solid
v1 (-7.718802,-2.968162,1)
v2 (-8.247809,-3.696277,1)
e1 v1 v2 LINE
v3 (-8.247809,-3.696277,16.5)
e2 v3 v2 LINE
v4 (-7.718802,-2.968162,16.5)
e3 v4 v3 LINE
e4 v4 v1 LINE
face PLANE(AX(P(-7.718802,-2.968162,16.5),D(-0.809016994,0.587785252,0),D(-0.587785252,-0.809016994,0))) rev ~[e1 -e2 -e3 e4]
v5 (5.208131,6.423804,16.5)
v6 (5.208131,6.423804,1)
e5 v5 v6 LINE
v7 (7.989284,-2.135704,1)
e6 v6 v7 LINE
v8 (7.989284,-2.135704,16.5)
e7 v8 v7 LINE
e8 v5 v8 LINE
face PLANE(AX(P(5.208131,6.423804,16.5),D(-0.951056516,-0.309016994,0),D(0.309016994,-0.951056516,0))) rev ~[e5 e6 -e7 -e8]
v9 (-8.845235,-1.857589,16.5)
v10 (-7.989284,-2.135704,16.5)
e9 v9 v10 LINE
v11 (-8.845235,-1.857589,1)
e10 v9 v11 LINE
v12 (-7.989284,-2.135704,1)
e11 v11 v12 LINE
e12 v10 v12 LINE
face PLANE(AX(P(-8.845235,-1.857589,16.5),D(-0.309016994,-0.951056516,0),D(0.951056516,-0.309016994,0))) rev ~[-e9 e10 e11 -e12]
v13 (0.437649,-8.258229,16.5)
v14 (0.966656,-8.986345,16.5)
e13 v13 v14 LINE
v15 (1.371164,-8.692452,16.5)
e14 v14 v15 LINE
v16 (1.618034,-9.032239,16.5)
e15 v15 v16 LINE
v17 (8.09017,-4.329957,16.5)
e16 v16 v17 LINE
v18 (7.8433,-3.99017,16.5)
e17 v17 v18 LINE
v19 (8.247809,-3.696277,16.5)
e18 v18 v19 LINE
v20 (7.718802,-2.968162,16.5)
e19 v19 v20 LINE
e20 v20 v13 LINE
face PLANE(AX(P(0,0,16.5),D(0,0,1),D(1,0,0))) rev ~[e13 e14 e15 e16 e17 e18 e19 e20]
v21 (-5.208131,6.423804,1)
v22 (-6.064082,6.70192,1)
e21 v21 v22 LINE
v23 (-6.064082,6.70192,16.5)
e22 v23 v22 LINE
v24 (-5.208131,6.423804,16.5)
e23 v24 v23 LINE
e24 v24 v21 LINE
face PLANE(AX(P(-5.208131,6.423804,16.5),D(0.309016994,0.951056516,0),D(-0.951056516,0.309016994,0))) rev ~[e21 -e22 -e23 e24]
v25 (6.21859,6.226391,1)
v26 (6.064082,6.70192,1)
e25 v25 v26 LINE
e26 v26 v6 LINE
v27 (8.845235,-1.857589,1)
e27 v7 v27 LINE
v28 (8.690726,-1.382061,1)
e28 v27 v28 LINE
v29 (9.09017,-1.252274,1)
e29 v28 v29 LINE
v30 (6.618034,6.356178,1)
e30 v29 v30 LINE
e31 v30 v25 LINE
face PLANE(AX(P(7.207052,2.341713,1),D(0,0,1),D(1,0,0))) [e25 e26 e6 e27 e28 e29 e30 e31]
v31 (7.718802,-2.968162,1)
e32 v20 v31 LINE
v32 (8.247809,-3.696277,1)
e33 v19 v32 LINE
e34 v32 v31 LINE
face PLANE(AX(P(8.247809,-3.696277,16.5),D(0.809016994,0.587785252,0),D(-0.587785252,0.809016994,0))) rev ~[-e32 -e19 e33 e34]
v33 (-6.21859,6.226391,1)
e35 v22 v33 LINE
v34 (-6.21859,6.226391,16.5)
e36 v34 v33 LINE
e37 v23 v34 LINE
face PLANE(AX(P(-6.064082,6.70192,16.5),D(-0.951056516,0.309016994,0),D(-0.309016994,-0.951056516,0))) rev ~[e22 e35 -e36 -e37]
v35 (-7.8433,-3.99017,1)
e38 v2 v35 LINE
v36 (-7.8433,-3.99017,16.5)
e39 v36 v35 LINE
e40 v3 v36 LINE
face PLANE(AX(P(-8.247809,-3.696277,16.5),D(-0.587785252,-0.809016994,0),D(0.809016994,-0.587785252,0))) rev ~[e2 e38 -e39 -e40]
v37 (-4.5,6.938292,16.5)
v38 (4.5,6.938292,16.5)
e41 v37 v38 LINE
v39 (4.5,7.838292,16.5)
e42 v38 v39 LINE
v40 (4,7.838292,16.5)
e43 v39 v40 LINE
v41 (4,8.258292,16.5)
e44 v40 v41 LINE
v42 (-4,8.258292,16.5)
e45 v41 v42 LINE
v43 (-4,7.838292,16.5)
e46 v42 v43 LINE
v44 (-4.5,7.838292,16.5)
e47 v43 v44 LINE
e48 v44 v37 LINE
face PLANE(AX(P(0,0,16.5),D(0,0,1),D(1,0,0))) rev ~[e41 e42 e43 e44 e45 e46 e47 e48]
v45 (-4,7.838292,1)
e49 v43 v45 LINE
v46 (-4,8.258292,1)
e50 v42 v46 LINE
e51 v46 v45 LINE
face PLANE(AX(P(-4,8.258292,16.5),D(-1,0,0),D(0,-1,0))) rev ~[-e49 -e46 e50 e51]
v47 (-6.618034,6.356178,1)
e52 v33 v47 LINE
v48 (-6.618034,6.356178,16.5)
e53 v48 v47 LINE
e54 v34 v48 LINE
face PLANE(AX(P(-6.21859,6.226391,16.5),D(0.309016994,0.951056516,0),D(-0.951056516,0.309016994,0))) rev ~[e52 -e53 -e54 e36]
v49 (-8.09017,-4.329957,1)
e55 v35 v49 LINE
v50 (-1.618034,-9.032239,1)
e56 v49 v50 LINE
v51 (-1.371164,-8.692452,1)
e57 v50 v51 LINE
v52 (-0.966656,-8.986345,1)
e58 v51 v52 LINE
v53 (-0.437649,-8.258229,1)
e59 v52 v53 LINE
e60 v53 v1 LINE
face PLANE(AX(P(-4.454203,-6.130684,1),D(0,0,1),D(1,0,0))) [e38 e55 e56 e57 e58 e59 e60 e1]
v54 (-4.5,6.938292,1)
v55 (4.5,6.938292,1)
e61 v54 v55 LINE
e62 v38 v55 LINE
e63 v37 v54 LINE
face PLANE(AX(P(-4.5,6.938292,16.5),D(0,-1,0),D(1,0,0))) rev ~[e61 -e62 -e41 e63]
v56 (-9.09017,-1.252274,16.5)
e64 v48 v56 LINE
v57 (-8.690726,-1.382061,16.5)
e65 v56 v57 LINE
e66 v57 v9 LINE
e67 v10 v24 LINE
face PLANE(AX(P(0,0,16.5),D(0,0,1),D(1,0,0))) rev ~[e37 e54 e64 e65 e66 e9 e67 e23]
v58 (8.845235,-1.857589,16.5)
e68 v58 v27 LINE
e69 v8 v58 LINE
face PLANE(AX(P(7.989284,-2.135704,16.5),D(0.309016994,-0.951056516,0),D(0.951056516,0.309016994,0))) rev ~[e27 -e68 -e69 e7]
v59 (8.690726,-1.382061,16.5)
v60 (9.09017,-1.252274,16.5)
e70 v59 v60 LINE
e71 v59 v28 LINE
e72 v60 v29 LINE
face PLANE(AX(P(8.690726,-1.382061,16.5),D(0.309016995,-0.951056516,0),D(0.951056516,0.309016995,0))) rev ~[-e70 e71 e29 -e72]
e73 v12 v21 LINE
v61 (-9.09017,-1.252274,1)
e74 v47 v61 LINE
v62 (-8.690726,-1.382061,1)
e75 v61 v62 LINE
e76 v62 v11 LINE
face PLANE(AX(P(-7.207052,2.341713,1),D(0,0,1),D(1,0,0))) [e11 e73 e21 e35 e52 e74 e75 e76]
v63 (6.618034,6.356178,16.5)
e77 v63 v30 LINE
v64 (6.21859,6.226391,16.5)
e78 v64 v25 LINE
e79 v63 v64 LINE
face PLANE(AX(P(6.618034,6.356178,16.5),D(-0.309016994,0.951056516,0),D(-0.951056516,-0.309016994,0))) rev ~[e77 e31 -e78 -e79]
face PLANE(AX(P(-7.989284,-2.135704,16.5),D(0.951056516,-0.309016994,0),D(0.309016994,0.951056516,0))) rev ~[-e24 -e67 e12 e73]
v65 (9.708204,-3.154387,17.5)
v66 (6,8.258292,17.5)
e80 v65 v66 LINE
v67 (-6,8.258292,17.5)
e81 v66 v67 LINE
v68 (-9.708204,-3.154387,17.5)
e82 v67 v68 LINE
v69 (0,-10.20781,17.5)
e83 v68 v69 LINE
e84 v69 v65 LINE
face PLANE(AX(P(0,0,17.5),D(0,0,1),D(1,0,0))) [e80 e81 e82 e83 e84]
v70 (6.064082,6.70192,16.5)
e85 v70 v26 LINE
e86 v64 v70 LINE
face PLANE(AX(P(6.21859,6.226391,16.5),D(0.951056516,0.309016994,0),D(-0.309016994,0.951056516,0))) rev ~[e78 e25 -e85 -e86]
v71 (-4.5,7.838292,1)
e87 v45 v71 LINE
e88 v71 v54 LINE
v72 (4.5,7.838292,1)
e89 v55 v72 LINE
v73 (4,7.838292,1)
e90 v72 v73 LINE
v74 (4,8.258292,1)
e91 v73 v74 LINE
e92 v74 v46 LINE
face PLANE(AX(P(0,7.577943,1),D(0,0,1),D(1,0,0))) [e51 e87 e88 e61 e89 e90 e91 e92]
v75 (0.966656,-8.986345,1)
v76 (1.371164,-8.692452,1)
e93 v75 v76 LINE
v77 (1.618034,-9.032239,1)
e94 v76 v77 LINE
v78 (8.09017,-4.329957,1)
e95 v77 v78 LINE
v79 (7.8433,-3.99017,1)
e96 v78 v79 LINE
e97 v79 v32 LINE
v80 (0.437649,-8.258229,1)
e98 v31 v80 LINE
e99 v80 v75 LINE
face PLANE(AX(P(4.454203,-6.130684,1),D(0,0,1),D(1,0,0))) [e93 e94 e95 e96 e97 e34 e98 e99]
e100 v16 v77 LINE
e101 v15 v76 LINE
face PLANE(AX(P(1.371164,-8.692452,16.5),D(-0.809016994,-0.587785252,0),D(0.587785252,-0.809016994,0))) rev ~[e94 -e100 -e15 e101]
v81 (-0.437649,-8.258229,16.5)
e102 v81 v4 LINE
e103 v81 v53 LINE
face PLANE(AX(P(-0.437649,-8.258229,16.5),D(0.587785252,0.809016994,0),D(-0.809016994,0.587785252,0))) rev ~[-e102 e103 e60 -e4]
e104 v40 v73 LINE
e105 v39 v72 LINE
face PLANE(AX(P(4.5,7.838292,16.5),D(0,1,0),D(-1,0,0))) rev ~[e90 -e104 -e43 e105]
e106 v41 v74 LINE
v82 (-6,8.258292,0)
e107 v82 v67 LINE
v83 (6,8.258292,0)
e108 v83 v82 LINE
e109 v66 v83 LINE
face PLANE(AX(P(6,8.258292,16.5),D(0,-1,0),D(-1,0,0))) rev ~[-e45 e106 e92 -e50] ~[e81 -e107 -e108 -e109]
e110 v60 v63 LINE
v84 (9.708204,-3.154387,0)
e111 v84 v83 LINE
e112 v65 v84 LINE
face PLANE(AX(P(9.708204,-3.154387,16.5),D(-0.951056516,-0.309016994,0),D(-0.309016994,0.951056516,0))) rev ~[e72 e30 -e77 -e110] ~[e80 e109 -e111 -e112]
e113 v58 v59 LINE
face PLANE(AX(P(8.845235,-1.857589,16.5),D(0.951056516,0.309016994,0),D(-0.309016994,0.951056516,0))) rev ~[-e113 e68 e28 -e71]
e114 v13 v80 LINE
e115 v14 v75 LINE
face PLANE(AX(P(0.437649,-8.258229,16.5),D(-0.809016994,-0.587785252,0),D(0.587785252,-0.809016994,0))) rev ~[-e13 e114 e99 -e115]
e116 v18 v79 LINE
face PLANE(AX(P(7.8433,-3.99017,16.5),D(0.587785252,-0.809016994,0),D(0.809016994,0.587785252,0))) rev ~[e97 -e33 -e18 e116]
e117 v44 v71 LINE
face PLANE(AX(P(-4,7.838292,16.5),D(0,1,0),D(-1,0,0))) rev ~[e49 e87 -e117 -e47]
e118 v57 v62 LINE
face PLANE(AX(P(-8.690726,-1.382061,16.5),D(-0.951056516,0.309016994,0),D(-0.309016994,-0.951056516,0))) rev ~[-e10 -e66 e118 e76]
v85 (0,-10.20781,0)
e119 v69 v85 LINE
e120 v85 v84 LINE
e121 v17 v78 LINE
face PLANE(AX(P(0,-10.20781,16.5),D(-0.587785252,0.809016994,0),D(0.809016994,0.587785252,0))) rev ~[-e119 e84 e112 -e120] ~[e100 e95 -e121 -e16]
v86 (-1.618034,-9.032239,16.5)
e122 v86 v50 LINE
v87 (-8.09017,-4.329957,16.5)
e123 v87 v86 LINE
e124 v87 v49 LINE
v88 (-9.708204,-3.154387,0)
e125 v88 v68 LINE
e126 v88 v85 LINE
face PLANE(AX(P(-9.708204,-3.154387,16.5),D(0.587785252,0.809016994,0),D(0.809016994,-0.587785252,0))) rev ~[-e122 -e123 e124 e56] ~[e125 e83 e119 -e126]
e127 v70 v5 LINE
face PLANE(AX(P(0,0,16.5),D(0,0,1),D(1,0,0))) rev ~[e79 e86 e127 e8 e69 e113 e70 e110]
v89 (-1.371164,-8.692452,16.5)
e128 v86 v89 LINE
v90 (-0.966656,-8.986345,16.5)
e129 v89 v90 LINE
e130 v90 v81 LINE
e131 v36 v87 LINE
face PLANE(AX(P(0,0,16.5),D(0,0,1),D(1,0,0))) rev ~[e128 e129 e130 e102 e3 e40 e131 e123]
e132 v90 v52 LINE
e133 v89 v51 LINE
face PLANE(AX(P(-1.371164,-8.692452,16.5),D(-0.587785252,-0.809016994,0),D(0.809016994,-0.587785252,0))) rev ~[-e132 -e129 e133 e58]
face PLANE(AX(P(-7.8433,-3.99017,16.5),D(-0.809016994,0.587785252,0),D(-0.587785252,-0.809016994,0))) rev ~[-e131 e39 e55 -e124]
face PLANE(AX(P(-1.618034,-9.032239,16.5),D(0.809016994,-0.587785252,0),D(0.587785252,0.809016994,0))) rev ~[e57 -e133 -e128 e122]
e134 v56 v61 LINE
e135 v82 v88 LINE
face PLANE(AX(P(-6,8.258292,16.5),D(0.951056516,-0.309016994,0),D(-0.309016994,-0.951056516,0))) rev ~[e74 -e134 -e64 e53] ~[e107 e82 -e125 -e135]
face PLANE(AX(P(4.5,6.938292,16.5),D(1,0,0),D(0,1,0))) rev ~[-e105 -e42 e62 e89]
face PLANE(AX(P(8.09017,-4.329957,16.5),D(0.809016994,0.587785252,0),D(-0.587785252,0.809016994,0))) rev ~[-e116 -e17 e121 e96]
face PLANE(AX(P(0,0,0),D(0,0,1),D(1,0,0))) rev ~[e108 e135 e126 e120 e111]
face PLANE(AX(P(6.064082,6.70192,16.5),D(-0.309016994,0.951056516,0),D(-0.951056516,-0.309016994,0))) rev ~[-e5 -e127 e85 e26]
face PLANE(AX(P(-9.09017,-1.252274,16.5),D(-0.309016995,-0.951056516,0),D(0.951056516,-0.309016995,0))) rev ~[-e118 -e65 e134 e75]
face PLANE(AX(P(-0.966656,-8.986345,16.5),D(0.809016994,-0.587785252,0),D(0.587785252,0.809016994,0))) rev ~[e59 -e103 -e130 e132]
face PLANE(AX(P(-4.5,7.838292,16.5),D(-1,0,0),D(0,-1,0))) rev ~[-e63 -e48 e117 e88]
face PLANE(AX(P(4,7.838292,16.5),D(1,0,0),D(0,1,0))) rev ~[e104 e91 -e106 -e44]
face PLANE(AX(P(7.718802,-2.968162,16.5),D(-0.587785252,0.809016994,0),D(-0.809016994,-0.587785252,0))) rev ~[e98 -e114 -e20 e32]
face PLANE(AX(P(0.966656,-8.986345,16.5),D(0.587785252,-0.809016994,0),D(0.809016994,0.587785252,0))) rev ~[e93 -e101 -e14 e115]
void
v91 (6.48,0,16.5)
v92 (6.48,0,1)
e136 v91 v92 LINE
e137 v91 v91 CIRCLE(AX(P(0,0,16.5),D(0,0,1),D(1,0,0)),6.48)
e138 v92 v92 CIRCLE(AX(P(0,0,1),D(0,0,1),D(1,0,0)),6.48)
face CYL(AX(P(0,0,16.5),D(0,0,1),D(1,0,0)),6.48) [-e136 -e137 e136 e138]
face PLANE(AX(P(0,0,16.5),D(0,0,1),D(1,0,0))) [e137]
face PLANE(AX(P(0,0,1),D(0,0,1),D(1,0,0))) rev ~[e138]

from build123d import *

# Parameters (mm, degrees)
F1_DEPTH = 16.5
F2_R     = 6.48
F3_DEPTH = 15.5
F5_DEPTH = 1
F6_DEPTH = 15.5


with BuildPart() as f1:
    # F0 (on Top) → F1 (new body)
    with BuildSketch(Plane.XY):
        Polygon((6, 8.2582915228), (-6, 8.2582915228), (-9.7082039325, -3.1543866727), (0, -10.2078097002), (9.7082039325, -3.1543866727), align=None)
    extrude(amount=F1_DEPTH)

    # F2 (on face) → F3 (cut)
    with BuildSketch(Plane.XY.offset(16.5)):
        Polygon((-7.8433001378, -3.9901700397), (-8.0901699437, -4.3299571773), (-1.6180339887, -9.0322391956), (-1.3711641828, -8.692452058), (-0.9666556856, -8.9863446841), (-0.4376489585, -8.2582293892), (-7.7188019079, -2.9681621186), (-8.247808635, -3.6962774135), align=None)
        Polygon((-6.6180339887, 6.3561784902), (-9.0901699437, -1.2522736401), (-8.6907262069, -1.3820607778), (-8.8452347041, -1.8575890359), (-7.9892838394, -2.1357043308), (-5.2081308901, 6.4238043158), (-6.0640817547, 6.7019196107), (-6.2185902519, 6.2263913526), align=None)
        Polygon((1.6180339887, -9.0322391956), (8.0901699437, -4.3299571773), (7.8433001378, -3.9901700397), (8.247808635, -3.6962774135), (7.7188019079, -2.9681621186), (0.4376489585, -8.2582293892), (0.9666556856, -8.9863446841), (1.3711641828, -8.692452058), align=None)
        Polygon((4, 8.2582915228), (-4, 8.2582915228), (-4, 7.8382915228), (-4.5, 7.8382915228), (-4.5, 6.9382915228), (4.5, 6.9382915228), (4.5, 7.8382915228), (4, 7.8382915228), align=None)
        Polygon((9.0901699437, -1.2522736401), (6.6180339887, 6.3561784902), (6.2185902519, 6.2263913526), (6.0640817547, 6.7019196107), (5.2081308901, 6.4238043158), (7.9892838394, -2.1357043308), (8.8452347041, -1.8575890359), (8.6907262069, -1.3820607778), align=None)
        Circle(F2_R)
    extrude(amount=-F3_DEPTH, mode=Mode.SUBTRACT)

    # F4 (on face) → F5 (join)
    with BuildSketch(Plane.XY.offset(16.5)):
        Polygon((6, 8.2582915228), (-6, 8.2582915228), (-9.7082039325, -3.1543866727), (0, -10.2078097002), (9.7082039325, -3.1543866727), align=None)
    extrude(amount=F5_DEPTH)

    # F2 (on face) → F6 (cut)
    with BuildSketch(Plane.XY.offset(16.5)):
        Polygon((-7.8433001378, -3.9901700397), (-8.0901699437, -4.3299571773), (-1.6180339887, -9.0322391956), (-1.3711641828, -8.692452058), (-0.9666556856, -8.9863446841), (-0.4376489585, -8.2582293892), (-7.7188019079, -2.9681621186), (-8.247808635, -3.6962774135), align=None)
        Polygon((-6.6180339887, 6.3561784902), (-9.0901699437, -1.2522736401), (-8.6907262069, -1.3820607778), (-8.8452347041, -1.8575890359), (-7.9892838394, -2.1357043308), (-5.2081308901, 6.4238043158), (-6.0640817547, 6.7019196107), (-6.2185902519, 6.2263913526), align=None)
        Polygon((1.6180339887, -9.0322391956), (8.0901699437, -4.3299571773), (7.8433001378, -3.9901700397), (8.247808635, -3.6962774135), (7.7188019079, -2.9681621186), (0.4376489585, -8.2582293892), (0.9666556856, -8.9863446841), (1.3711641828, -8.692452058), align=None)
        Polygon((4, 8.2582915228), (-4, 8.2582915228), (-4, 7.8382915228), (-4.5, 7.8382915228), (-4.5, 6.9382915228), (4.5, 6.9382915228), (4.5, 7.8382915228), (4, 7.8382915228), align=None)
        Polygon((9.0901699437, -1.2522736401), (6.6180339887, 6.3561784902), (6.2185902519, 6.2263913526), (6.0640817547, 6.7019196107), (5.2081308901, 6.4238043158), (7.9892838394, -2.1357043308), (8.8452347041, -1.8575890359), (8.6907262069, -1.3820607778), align=None)
        Circle(F2_R)
    extrude(amount=-F6_DEPTH, mode=Mode.SUBTRACT)


solid = f1.part
